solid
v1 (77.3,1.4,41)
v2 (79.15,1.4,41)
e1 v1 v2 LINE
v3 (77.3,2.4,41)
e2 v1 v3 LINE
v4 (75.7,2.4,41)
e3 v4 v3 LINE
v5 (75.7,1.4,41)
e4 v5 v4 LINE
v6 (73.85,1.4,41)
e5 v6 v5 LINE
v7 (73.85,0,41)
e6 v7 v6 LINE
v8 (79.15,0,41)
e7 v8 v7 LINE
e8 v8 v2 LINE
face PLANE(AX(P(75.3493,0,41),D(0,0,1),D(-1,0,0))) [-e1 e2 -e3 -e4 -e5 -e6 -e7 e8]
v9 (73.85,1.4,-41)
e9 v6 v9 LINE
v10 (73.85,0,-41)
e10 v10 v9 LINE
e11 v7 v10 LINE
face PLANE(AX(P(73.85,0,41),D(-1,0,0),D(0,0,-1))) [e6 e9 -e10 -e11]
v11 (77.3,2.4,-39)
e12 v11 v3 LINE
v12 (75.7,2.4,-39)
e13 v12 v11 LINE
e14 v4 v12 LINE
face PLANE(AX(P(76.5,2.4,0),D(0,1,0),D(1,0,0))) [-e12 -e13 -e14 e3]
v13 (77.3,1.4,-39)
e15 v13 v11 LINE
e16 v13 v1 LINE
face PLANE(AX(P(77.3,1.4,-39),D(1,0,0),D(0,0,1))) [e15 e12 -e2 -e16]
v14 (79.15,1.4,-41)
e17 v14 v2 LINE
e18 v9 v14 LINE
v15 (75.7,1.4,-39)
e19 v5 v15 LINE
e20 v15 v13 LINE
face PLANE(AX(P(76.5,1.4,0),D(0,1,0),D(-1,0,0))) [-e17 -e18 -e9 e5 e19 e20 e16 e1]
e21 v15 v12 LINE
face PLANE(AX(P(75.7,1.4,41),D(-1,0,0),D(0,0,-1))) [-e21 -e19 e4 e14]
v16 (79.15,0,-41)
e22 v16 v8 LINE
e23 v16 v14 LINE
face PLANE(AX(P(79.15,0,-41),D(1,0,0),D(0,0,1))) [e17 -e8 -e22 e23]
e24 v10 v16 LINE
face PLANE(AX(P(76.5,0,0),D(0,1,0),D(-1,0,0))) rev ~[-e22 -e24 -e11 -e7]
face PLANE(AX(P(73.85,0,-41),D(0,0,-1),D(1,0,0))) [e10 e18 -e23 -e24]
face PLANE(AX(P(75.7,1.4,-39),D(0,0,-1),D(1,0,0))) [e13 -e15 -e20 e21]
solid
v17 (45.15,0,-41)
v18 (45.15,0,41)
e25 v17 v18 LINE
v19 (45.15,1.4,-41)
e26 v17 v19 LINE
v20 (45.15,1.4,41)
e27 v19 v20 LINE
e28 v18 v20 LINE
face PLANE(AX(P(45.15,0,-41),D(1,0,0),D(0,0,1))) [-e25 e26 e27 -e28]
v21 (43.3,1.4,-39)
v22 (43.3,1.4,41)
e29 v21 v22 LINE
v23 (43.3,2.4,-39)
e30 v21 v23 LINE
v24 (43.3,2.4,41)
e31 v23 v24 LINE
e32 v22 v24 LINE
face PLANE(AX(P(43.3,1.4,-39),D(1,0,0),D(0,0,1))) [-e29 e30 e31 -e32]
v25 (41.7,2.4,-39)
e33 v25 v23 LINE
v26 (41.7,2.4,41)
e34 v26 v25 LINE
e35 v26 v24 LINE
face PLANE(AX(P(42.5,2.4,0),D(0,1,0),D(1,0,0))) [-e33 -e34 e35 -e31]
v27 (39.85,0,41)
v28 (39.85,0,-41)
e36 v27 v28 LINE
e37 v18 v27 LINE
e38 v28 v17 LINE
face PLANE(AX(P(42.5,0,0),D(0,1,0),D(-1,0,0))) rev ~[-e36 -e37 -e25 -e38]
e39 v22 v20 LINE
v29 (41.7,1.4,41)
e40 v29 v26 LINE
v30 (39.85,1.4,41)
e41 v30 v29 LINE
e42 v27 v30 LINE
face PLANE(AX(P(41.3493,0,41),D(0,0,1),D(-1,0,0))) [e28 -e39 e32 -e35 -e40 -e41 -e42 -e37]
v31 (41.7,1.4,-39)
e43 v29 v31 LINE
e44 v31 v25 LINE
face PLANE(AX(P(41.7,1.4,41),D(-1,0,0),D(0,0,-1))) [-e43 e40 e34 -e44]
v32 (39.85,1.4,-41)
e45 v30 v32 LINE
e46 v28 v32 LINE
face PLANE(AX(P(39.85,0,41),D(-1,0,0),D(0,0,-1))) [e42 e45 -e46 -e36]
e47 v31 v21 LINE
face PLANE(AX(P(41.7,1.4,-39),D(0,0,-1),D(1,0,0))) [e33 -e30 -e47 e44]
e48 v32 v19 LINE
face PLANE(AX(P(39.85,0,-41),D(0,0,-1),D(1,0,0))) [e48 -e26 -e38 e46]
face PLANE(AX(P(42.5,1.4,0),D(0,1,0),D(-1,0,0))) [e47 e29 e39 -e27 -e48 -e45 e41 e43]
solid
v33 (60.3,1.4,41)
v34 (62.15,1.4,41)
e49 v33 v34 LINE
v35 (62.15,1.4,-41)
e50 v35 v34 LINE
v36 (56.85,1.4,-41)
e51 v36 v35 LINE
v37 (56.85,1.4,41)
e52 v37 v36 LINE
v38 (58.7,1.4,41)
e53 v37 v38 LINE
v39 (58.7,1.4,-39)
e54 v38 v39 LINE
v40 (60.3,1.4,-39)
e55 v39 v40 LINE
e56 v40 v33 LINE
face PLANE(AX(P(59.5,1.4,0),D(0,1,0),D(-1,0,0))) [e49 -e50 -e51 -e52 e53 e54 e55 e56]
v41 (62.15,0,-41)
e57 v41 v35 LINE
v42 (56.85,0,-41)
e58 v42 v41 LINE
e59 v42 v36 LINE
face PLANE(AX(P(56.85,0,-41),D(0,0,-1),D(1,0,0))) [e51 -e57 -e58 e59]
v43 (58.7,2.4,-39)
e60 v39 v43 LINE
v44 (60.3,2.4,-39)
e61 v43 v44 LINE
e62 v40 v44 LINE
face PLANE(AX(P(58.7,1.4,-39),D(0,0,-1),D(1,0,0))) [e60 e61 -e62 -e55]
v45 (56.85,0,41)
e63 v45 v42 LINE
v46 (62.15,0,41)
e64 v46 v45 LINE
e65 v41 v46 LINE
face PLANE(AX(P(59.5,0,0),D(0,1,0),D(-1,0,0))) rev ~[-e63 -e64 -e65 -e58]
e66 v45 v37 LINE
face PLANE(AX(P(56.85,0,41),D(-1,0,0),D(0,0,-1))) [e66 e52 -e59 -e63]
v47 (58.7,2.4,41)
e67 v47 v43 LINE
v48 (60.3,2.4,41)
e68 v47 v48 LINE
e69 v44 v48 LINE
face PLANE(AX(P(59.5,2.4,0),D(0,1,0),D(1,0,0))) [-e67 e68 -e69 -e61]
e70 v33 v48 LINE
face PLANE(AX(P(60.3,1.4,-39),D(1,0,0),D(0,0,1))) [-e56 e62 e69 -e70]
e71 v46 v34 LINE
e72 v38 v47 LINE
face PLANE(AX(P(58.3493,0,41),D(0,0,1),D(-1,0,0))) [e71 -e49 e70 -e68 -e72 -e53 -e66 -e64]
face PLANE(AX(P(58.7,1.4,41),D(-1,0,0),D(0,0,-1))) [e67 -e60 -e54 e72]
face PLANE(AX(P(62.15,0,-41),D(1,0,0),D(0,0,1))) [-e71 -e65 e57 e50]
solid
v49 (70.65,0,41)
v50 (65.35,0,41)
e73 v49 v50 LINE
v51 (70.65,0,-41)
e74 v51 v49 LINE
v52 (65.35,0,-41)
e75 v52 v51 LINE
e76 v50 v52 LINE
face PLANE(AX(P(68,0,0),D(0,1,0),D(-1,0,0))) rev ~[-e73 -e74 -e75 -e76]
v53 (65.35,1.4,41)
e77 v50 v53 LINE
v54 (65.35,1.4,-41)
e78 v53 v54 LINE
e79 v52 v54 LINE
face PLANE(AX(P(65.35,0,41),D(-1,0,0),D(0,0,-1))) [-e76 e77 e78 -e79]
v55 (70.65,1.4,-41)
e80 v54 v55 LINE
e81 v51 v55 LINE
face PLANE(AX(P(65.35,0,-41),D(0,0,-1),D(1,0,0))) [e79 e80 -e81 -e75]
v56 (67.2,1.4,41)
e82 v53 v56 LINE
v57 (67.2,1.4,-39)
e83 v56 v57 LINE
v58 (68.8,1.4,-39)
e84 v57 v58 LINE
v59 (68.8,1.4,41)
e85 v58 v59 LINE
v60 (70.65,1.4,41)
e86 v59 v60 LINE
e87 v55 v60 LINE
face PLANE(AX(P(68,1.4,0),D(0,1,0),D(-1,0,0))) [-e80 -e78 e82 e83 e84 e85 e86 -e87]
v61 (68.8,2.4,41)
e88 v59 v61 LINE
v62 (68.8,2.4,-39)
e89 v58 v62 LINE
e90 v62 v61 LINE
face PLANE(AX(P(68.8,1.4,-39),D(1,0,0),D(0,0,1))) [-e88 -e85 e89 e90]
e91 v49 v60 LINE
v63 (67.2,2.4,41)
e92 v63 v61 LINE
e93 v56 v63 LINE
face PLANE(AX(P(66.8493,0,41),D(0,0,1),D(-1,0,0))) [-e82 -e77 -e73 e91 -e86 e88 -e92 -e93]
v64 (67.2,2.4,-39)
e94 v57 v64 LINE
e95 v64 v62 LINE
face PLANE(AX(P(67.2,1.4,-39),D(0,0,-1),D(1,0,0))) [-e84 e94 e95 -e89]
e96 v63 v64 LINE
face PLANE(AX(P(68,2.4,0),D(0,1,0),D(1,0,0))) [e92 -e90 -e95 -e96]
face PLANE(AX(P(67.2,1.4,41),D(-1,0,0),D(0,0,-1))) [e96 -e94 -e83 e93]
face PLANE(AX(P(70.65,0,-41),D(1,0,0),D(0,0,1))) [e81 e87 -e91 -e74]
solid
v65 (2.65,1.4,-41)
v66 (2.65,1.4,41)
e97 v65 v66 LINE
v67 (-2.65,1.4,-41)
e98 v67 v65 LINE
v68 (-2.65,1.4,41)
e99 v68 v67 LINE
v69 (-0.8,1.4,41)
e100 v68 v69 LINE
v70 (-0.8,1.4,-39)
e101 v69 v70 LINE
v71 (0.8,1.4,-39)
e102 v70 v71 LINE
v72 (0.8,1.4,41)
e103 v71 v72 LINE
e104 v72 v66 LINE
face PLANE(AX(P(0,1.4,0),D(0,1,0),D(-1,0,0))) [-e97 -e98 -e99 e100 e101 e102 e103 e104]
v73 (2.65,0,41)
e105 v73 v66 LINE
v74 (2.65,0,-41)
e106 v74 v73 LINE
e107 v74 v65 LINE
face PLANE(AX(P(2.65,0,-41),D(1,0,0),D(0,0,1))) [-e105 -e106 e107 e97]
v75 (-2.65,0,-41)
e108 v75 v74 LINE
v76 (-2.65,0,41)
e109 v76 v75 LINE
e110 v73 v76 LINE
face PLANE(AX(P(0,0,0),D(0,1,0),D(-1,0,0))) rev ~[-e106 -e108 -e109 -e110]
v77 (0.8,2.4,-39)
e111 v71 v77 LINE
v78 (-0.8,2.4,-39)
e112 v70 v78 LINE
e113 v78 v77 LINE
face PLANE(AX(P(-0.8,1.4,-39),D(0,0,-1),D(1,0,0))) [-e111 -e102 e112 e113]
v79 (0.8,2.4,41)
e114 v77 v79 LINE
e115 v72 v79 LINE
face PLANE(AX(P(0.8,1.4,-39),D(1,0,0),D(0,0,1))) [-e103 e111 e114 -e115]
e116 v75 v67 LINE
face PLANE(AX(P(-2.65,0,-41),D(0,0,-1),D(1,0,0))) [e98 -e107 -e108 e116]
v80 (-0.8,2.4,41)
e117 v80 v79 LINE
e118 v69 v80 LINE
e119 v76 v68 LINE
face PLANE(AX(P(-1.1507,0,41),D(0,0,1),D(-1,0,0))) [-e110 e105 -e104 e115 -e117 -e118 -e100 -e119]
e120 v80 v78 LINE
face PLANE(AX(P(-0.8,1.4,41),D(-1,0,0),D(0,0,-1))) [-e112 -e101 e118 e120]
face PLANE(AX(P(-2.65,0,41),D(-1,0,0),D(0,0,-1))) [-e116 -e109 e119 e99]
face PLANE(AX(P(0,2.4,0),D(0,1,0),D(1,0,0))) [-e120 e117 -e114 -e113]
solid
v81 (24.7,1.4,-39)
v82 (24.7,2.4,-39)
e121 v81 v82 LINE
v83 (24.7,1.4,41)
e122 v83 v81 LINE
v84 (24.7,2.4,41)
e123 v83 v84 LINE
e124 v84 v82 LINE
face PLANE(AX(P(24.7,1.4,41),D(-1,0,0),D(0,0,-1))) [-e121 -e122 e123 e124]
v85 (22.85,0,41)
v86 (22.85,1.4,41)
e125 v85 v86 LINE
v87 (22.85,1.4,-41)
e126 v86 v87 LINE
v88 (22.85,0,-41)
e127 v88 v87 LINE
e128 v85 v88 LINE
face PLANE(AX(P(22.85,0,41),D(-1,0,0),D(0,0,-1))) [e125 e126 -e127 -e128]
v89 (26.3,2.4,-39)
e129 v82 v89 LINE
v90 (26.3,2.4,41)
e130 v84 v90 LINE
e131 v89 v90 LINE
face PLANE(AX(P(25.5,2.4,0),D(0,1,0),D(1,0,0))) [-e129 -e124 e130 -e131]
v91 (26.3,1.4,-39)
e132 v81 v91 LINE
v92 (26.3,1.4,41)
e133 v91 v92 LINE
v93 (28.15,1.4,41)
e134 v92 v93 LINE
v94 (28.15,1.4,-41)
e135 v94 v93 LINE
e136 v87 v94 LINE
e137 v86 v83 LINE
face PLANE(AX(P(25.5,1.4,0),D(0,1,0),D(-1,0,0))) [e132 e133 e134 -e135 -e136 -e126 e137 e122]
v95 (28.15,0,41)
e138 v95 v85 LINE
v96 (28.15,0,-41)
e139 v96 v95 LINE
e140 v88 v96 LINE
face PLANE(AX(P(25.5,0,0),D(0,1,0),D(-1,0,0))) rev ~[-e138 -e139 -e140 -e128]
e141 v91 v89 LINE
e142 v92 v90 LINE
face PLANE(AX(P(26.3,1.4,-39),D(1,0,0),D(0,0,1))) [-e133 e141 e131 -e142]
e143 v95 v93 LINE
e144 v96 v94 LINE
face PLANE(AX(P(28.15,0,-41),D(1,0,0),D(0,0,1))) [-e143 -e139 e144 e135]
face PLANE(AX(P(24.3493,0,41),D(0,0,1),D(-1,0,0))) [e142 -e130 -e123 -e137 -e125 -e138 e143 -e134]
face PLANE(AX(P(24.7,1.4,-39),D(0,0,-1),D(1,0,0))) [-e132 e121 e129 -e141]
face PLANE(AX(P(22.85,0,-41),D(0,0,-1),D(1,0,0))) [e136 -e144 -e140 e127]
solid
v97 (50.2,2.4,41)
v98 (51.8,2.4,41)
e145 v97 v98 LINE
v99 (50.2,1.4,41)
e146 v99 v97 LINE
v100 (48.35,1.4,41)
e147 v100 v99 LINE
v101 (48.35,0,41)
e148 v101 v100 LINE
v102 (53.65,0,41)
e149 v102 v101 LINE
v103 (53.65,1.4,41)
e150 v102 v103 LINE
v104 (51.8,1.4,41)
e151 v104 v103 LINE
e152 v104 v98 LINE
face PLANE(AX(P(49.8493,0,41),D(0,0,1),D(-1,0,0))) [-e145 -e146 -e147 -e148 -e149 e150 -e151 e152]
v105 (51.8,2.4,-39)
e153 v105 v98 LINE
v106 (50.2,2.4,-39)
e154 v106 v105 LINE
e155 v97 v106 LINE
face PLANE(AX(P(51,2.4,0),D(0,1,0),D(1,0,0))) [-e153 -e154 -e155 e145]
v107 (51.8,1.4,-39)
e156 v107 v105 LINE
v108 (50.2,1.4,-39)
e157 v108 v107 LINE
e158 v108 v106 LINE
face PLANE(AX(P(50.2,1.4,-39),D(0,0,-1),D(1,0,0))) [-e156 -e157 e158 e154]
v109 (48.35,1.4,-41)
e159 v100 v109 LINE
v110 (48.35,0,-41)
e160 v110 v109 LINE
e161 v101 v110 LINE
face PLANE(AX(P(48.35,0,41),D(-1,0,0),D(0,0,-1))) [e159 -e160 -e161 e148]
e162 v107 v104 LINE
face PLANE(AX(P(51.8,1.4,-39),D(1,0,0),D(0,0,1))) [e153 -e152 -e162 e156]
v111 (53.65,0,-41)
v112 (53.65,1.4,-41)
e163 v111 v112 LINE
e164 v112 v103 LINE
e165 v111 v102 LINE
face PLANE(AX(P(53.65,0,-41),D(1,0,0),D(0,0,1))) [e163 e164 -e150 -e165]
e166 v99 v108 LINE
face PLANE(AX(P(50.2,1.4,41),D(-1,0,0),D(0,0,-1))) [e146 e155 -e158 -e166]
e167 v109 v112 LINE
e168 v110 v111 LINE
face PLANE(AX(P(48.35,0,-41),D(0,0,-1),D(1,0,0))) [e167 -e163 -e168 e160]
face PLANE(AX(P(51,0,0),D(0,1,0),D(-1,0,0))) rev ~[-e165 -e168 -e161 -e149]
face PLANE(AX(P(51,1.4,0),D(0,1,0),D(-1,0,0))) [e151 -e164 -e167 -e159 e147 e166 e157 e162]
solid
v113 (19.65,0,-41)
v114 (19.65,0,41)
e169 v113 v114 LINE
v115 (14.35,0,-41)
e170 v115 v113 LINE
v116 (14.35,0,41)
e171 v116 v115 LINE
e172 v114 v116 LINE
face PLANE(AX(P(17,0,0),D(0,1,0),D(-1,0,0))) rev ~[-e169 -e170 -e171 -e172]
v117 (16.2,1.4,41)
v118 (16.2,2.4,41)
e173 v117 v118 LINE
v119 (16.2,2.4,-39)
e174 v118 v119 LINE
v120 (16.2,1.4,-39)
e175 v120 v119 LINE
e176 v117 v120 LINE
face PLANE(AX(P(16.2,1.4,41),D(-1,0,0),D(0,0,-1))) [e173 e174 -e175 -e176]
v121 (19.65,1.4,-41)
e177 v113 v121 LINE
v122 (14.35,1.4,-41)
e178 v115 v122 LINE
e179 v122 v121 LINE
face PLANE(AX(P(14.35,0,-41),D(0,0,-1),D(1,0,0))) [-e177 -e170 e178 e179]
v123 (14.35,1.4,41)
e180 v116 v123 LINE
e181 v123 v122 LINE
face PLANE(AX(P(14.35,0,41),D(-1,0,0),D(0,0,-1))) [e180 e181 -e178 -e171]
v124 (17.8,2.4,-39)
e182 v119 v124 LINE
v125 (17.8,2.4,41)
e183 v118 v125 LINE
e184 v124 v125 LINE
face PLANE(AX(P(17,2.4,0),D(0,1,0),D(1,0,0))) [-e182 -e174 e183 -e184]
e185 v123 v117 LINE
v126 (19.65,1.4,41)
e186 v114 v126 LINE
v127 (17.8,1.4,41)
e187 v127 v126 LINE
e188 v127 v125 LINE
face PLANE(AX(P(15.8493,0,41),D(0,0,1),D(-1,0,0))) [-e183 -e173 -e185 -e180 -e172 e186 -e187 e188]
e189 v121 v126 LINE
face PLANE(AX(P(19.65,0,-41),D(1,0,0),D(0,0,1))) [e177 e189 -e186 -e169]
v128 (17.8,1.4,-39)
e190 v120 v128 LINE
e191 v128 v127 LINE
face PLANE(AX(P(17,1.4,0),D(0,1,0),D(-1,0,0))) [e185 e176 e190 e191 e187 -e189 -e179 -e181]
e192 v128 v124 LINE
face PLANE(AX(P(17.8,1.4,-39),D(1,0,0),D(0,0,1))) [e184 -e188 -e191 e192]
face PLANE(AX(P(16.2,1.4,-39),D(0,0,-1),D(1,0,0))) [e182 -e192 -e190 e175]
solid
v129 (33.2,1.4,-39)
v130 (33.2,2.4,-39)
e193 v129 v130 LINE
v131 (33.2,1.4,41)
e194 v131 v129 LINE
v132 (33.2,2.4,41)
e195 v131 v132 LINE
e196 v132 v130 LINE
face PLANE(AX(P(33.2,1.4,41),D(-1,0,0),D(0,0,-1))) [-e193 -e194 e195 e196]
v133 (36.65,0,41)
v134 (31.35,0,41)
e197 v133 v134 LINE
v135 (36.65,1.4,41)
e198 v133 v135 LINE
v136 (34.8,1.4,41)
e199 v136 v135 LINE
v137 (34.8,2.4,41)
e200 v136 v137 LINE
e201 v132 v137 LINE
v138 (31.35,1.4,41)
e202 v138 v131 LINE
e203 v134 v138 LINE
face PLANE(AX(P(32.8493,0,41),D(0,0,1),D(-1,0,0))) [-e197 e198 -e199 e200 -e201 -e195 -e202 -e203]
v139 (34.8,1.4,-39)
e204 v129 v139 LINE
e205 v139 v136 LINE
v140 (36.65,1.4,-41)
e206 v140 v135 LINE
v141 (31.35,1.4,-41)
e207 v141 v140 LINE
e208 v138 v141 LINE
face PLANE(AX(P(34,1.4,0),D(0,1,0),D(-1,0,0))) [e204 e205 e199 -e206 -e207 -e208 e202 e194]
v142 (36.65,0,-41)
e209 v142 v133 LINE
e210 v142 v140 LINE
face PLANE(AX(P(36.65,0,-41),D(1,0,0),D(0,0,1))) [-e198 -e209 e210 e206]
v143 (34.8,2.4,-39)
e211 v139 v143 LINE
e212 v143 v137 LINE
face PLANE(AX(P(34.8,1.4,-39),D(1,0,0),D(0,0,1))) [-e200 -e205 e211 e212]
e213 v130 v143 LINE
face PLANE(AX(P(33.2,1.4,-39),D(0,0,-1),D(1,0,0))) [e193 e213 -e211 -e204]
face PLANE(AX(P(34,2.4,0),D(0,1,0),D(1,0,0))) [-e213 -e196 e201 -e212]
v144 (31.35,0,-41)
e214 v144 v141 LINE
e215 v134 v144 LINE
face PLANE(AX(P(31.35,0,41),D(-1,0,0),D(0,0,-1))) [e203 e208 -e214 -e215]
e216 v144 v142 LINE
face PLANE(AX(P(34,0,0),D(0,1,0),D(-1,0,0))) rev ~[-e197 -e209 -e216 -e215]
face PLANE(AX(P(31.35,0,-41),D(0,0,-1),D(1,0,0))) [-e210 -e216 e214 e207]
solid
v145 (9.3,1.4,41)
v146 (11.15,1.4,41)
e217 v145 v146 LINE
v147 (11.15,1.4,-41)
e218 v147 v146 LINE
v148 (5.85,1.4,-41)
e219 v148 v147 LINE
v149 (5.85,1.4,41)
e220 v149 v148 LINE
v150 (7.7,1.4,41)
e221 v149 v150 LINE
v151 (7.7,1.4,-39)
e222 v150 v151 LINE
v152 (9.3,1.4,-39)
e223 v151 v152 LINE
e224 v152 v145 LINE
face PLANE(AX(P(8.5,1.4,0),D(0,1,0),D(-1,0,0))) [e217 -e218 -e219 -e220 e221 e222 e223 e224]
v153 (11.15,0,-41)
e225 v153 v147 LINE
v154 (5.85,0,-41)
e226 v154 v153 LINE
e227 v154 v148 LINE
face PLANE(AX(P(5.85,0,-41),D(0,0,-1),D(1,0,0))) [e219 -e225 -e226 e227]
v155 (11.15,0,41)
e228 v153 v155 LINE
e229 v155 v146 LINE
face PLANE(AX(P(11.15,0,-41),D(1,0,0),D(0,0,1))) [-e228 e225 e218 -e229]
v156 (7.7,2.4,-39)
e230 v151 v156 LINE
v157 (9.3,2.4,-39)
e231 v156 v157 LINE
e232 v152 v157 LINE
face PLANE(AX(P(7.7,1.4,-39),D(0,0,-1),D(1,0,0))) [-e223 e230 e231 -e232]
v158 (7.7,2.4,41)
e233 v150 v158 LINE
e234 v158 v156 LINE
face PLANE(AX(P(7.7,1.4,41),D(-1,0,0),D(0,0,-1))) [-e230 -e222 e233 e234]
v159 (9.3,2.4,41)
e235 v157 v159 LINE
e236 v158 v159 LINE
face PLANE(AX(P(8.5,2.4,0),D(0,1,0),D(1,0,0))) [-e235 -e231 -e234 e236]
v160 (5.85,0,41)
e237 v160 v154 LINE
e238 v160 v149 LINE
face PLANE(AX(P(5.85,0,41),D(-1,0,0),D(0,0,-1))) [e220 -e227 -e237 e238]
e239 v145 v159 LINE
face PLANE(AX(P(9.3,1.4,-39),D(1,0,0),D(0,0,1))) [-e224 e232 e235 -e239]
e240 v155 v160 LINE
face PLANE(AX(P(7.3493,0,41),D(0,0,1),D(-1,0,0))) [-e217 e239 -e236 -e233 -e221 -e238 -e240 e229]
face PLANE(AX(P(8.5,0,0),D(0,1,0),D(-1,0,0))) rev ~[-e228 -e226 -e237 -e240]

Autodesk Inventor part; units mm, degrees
ref_plane "YZ Plane" through (0, 0, 0) normal (1, 0, 0) x (0, 1, 0)
ref_plane "XZ Plane" through (0, 0, 0) normal (0, 1, 0) x (-1, 0, 0)
ref_plane "XY Plane" through (0, 0, 0) normal (0, 0, 1) x (1, 0, 0)
sketch "Sketch1" plane through (0, 0, 0) normal (0, 1, 0) x (-1, 0, 0)
  line L0 (2.65, -41) -> (-2.65, -41)
  line L1 (-2.65, -41) -> (-2.65, 41)
  line L2 (-2.65, 41) -> (2.65, 41)
  line L3 (2.65, 41) -> (2.65, -41)
  line L4 (2.65, -41) -> (-2.65, 41) construction
  line L5 (-2.65, -41) -> (2.65, 41) construction
  line L6 (-1.2752, 41) -> (1.1507, 41)
  line L7 (1.1507, 41) -> (1.1507, 41)
  line L8 (1.1507, 41) -> (-1.2752, 41)
  line L9 (-1.2752, 41) -> (-1.2752, 41)
  point P0 (0, 0)
  dimension "d0" = 5.3
  dimension "d1" = 82
extrude "Extrusion1" add sketch "Sketch1" along normal blind 1.4
sketch "Sketch2" plane through (0, 1.4, 0) normal (0, 1, 0) x (1, 0, 0)
  line L0 (-2.65, -41) -> (2.65, -41) projected
  line L1 (0.8, -41) -> (-0.8, -41)
  line L2 (-0.8, -41) -> (-0.8, 39)
  line L3 (-0.8, 39) -> (0.8, 39)
  line L4 (0.8, 39) -> (0.8, -41)
  line L5 (2.65, -41) -> (2.65, 41) projected
  line L6 (-2.65, 41) -> (-2.65, -41) projected
  point P0 (0, 0)
  dimension "d4" = 80
  dimension "d5" = 1.6
  dimension "d6" = 5.3
  dimension "d7" = 1.85
extrude "Extrusion2" add sketch "Sketch2" along normal blind 1
pattern_linear "Rectangular Pattern1" count 10 spacing 8.5 along (1, 0, 0) of "Extrusion1", "Extrusion2"
equation "\"d7\" = 0.5 * d6 - 0.5 * d5"
equation "\"base_add\" = 0.9"
properties part number "structure2"
